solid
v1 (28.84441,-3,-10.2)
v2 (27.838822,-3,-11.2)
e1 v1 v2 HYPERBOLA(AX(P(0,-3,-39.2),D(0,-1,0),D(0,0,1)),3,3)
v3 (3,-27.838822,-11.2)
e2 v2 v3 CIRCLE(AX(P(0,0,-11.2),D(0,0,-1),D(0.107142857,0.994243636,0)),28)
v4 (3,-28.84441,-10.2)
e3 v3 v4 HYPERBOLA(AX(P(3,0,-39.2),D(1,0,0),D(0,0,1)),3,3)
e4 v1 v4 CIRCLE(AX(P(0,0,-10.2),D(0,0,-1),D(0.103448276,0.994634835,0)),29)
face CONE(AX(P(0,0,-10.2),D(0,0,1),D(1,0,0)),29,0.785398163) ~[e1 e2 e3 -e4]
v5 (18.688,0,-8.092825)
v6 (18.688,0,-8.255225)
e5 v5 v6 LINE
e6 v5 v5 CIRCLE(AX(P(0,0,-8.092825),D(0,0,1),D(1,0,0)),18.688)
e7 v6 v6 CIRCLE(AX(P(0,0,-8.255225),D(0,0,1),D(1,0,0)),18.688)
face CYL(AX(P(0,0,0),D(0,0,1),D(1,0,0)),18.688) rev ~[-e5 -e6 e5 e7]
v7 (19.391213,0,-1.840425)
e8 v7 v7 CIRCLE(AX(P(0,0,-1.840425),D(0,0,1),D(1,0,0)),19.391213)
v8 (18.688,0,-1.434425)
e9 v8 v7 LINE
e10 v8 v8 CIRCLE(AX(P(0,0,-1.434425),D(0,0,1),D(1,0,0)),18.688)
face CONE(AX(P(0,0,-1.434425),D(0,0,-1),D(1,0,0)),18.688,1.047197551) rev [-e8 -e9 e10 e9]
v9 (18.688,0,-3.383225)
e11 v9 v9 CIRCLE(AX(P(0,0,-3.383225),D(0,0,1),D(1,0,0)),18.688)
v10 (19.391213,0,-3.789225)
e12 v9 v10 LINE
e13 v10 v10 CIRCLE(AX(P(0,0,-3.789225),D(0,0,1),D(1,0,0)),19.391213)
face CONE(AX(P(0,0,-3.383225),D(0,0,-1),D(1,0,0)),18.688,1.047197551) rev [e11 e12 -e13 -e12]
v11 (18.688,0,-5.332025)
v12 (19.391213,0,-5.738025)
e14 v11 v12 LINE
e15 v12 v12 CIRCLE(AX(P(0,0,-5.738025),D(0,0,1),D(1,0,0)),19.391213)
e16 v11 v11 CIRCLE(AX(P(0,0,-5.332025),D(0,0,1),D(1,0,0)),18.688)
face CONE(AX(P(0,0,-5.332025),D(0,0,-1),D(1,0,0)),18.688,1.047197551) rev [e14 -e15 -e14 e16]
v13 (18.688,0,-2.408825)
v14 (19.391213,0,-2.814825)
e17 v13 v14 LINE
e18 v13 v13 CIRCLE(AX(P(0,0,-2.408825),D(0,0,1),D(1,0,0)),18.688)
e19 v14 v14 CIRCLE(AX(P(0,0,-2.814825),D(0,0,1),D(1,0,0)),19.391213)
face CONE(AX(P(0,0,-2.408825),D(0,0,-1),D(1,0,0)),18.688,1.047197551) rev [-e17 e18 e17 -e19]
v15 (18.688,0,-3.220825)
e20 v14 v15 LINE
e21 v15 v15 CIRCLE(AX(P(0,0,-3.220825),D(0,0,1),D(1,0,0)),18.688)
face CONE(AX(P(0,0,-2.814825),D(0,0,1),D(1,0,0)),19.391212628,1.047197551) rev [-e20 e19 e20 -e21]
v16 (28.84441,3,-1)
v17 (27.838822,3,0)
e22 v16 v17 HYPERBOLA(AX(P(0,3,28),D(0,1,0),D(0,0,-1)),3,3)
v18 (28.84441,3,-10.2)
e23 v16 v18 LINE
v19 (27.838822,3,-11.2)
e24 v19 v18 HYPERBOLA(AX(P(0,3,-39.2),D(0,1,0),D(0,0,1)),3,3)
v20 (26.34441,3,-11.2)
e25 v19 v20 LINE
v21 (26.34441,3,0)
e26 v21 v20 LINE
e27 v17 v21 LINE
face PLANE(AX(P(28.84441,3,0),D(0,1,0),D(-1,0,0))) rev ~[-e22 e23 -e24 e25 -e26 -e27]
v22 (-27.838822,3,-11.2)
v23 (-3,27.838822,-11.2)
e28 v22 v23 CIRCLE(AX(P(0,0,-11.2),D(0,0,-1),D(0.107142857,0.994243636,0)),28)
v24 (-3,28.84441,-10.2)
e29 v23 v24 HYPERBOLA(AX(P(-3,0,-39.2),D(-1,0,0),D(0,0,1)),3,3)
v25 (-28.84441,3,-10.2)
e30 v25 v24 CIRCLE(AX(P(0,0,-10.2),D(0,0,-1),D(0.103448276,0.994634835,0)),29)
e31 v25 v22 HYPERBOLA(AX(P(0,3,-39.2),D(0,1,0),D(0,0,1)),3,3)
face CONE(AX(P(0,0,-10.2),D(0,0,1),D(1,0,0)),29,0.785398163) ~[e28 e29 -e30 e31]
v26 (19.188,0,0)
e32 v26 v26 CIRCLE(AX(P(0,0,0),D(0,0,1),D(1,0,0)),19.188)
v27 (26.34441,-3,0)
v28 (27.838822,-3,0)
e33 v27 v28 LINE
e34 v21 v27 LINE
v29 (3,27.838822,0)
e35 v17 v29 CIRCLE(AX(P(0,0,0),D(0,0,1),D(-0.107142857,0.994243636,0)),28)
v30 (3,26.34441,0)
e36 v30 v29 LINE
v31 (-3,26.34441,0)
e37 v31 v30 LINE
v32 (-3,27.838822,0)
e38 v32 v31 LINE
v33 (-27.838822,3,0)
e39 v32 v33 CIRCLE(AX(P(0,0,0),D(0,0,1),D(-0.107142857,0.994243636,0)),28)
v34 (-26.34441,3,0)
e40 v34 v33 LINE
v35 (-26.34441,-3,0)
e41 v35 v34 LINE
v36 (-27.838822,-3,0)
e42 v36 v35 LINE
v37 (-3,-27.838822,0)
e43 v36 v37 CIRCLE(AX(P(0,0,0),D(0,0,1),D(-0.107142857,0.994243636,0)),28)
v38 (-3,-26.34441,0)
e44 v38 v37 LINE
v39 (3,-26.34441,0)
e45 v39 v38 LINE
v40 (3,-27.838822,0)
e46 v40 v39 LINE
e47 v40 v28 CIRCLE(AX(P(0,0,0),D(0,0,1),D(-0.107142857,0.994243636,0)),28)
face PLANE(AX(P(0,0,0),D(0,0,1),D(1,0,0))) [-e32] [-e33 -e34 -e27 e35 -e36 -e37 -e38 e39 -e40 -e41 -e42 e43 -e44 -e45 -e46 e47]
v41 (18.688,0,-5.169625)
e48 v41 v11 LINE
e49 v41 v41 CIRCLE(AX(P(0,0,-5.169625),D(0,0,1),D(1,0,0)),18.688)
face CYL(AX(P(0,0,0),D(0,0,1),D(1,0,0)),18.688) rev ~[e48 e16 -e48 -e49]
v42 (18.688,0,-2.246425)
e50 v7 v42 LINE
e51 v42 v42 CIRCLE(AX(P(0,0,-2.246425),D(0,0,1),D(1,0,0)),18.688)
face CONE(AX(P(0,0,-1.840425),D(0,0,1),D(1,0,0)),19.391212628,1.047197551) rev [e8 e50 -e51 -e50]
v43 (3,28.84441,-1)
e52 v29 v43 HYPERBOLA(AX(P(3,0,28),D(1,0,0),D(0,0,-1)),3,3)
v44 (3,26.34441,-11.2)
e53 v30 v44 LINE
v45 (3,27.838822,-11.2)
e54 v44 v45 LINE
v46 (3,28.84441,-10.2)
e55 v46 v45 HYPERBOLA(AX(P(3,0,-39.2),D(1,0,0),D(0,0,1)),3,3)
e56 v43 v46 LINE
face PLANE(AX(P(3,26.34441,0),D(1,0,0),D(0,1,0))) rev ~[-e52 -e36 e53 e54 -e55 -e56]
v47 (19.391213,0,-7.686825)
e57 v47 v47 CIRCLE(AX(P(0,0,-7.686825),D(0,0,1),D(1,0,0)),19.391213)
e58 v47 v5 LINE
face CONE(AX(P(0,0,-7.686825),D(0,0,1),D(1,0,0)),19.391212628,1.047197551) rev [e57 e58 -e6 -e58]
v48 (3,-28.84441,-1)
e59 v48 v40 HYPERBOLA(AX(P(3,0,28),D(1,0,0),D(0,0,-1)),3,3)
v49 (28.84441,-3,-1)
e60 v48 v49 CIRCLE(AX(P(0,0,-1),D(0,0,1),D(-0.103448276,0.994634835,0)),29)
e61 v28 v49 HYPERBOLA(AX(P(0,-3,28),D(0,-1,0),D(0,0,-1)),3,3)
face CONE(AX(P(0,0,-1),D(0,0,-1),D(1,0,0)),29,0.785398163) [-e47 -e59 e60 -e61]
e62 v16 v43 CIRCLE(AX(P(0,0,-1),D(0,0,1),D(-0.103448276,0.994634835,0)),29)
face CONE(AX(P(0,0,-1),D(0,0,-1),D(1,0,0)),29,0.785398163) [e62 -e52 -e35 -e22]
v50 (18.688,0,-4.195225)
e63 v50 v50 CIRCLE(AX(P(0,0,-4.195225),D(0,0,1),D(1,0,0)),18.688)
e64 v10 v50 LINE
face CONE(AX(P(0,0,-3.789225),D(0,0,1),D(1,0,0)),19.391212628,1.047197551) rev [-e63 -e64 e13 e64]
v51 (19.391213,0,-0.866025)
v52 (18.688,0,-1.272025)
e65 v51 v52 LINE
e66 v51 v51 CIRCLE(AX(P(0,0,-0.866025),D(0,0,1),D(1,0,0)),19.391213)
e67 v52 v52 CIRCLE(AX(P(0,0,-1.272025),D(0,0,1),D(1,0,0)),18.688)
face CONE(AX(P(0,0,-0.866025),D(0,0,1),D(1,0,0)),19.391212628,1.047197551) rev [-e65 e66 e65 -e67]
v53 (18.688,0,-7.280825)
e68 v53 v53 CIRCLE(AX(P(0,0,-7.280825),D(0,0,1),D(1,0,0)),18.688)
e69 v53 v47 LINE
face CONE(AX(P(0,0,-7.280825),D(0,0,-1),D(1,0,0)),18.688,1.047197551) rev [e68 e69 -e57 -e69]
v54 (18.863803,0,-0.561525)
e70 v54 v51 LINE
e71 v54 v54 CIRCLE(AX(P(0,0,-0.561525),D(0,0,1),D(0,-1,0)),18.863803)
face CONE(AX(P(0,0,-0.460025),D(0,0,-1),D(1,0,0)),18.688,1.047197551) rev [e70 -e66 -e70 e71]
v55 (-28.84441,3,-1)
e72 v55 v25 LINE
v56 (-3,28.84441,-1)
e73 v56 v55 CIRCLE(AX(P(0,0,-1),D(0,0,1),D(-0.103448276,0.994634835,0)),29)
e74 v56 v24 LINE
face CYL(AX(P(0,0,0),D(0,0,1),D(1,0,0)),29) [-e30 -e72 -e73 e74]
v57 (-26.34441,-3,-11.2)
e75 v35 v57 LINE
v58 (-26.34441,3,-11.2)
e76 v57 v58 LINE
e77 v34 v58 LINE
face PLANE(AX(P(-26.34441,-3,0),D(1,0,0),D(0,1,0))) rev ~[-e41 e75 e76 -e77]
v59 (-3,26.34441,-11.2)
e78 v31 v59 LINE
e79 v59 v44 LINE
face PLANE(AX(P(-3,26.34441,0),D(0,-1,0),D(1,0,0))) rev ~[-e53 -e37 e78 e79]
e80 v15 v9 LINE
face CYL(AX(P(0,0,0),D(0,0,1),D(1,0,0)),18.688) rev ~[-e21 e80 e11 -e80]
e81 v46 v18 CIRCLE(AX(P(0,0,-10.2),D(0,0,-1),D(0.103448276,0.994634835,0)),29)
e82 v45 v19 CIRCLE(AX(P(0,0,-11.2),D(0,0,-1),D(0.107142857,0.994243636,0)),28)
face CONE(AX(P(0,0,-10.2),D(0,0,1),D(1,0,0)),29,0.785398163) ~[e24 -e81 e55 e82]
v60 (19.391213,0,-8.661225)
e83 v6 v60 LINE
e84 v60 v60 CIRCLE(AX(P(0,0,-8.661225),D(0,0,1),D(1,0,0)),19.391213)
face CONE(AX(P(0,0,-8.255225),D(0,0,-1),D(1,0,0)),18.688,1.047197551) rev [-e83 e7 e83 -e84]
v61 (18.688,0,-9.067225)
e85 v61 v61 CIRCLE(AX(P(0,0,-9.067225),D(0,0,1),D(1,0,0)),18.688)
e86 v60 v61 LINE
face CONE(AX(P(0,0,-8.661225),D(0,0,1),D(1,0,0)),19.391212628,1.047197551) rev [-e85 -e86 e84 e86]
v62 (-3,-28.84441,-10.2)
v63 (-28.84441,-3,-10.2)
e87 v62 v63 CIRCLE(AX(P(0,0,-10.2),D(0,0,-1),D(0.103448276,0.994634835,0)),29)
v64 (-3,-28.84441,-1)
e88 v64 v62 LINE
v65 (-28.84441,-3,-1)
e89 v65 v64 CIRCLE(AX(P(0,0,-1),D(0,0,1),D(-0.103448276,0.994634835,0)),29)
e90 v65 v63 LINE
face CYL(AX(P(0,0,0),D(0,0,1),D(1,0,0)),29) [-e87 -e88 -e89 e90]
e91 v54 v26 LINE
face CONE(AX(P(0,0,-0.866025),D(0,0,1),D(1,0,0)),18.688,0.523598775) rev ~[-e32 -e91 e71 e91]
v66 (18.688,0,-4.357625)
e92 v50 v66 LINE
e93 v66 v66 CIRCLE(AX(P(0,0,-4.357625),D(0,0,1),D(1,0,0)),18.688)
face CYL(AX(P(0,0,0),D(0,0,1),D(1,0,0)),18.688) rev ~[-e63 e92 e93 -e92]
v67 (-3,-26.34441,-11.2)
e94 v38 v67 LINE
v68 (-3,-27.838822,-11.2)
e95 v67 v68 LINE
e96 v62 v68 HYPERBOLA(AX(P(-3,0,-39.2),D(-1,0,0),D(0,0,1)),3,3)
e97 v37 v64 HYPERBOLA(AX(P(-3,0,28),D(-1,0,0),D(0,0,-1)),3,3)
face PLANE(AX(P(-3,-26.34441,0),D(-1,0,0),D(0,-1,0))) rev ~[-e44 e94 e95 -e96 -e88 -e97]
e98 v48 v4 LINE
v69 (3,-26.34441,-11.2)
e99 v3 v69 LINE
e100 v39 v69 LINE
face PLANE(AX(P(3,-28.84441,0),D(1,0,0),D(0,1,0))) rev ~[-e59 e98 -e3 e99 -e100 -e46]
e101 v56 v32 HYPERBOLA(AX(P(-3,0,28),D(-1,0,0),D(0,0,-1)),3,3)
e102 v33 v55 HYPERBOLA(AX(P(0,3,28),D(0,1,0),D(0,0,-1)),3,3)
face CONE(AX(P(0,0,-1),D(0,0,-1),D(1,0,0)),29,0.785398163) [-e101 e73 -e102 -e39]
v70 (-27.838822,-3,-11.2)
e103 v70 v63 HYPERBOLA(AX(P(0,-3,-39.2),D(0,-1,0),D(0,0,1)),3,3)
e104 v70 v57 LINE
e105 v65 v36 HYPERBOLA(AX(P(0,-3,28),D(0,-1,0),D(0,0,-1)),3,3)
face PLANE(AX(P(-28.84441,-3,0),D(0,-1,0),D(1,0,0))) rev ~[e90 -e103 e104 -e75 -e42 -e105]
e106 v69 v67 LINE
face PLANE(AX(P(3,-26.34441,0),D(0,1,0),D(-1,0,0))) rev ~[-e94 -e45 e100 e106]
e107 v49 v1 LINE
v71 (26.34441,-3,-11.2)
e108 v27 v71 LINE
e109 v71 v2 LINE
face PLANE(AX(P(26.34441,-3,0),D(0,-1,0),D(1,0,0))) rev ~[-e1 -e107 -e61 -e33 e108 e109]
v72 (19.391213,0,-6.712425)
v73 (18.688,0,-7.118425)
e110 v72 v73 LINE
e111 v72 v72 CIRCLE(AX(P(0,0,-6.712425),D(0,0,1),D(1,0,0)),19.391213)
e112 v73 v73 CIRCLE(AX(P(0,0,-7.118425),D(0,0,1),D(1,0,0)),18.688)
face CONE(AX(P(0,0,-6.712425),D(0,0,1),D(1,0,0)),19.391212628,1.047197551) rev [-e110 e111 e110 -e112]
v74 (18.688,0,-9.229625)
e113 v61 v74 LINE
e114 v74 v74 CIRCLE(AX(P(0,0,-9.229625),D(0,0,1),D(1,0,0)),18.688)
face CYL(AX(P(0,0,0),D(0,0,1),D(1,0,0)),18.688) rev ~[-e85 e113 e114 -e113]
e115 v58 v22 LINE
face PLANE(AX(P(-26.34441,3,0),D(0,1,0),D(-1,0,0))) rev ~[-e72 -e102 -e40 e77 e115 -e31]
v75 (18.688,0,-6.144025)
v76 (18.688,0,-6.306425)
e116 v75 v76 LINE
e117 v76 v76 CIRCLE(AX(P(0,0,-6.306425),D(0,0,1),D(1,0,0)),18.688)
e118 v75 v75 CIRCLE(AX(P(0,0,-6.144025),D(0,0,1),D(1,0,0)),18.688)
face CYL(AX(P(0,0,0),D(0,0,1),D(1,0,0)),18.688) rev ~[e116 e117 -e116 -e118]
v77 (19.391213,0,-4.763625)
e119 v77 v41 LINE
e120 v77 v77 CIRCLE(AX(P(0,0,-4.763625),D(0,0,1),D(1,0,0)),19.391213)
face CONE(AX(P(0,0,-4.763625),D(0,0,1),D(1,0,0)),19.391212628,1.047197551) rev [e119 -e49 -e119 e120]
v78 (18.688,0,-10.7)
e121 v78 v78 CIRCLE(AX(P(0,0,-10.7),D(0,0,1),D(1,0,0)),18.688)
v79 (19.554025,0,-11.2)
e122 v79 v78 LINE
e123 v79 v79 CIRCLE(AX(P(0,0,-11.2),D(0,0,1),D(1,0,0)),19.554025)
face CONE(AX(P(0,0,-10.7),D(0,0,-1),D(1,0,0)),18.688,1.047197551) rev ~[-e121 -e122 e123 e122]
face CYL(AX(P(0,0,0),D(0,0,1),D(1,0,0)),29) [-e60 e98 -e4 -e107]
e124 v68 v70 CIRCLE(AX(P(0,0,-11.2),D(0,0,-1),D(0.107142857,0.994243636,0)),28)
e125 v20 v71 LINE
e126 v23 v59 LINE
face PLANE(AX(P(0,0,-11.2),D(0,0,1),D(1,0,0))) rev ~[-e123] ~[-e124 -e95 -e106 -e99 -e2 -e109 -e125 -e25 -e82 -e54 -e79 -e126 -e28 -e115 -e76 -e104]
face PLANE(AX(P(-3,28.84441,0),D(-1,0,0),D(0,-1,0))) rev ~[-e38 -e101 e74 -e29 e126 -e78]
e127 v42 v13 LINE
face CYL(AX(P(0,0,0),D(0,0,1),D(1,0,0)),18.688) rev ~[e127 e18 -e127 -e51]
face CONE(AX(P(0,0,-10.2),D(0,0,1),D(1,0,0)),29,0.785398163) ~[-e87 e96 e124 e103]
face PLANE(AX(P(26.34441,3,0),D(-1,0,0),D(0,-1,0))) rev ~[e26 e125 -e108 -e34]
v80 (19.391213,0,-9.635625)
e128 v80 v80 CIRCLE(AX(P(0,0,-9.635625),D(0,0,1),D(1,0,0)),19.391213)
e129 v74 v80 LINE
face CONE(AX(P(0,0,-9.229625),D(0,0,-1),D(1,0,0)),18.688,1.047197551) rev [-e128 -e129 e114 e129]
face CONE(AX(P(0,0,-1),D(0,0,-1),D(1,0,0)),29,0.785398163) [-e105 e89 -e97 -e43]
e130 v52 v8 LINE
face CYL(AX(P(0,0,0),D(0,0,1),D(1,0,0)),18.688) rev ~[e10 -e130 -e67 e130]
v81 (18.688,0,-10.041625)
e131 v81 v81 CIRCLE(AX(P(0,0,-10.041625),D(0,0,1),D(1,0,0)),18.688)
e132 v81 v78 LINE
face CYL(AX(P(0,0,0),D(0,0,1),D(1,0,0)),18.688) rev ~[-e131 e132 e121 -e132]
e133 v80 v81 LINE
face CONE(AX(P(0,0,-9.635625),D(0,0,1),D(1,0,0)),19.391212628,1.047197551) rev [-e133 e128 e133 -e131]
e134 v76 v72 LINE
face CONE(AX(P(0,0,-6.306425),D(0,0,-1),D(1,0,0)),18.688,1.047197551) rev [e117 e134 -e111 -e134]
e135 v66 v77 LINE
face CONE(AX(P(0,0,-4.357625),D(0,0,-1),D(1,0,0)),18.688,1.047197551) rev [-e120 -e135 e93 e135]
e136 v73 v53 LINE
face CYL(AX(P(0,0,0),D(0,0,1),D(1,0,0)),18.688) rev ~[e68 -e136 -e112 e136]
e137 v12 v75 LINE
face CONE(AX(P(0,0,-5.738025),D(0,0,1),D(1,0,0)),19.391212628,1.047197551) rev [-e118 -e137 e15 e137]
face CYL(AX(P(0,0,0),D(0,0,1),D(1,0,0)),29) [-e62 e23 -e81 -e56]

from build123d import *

# Parameters (mm, degrees)
SKETCH2_R               = 29
BASENUT_DEPTH           = 11.2
CHAMFER1_SIZE           = 1
SKETCH3_R               = 18.688
HOLE_DEPTH              = 12.2
ENDCHAMFER_SIZE2        = 0.5
ENDCHAMFER_SIZE         = 0.866025404
ENDCHAMFER_EDGE_2_SIZE2 = 0.5
ENDCHAMFER_EDGE_2_SIZE  = 0.866025404
SLOTCUT_DEPTH           = 12.2
SLOTPAT_COUNT           = 4
LPATTERN10_COUNT        = 10
LPATTERN10_PITCH        = 0.9744


with BuildPart() as part:
    # Sketch2 → BaseNut (new body)
    with BuildSketch(Plane.XY):
        Circle(SKETCH2_R)
    extrude(amount=-BASENUT_DEPTH)

    # Chamfer1
    chamfer1_edges = [part.edges().sort_by_distance(p)[0] for p in [
        (-29, 0, 0),
        (-29, 0, -11.2),
    ]]
    chamfer(chamfer1_edges, length=CHAMFER1_SIZE)

    # Sketch3 → Hole (cut, through all)
    with BuildSketch(Plane(origin=(-17.561722019, 31.682666601, 0), x_dir=(1, 0, 0), z_dir=(0, 0, 1))):
        with Locations((17.561722019, -31.682666601)):
            Circle(SKETCH3_R)
    extrude(amount=-HOLE_DEPTH, mode=Mode.SUBTRACT)

    # EndChamfer
    endchamfer_edges = [part.edges().sort_by_distance(p)[0] for p in [
        (-18.688, 0, -11.2),
    ]]
    chamfer(endchamfer_edges, length=ENDCHAMFER_SIZE, length2=ENDCHAMFER_SIZE2)

    # EndChamfer edge 2
    endchamfer_edge_2_edges = [part.edges().sort_by_distance(p)[0] for p in [
        (-18.688, 0, 0),
    ]]
    chamfer(endchamfer_edge_2_edges, length=ENDCHAMFER_EDGE_2_SIZE, length2=ENDCHAMFER_EDGE_2_SIZE2)

    # Sketch4 → SlotCut (cut, through all)
    with BuildSketch(Plane(origin=(-28.84840977, 49.266341409, 0), x_dir=(1, 0, 0), z_dir=(0, 0, 1))):
        with BuildLine():
            Line((25.84840977, -20.421931205), (25.84840977, -22.921931205))
            Line((25.84840977, -22.921931205), (31.84840977, -22.921931205))
            Line((31.84840977, -22.921931205), (31.84840977, -20.421931205))
            ThreePointArc((31.84840977, -20.421931205), (28.84840977, -20.266341409), (25.84840977, -20.421931205))
        make_face()
    slotcut = extrude(amount=-SLOTCUT_DEPTH, mode=Mode.SUBTRACT)

    # SlotPat: SlotCut ×4 about axis
    slotpat_axis = Axis((0, 0, 0), (0, 0, 1))
    for i in range(1, SLOTPAT_COUNT):
        add(slotcut.rotate(slotpat_axis, i * 360 / SLOTPAT_COUNT), mode=Mode.SUBTRACT)

    # Sketch5 → Cut-Revolve10 (revolve, cut)
    with BuildSketch(Plane(origin=(0, 0, 0), x_dir=(1, 0, 0), z_dir=(0, 1, 0))):
        Polygon((17.876, 1.272025404), (17.876, 0.460025404), (18.688, 0.460025404), (19.391212628, 0.866025404), (18.688, 1.272025404), align=None)
    cut_revolve10 = revolve(axis=Axis((0, 0, -37.301805437), (0, 0, 1)), mode=Mode.SUBTRACT)

    # LPattern10: Cut-Revolve10 ×10
    with Locations(*[(0, 0, -i * LPATTERN10_PITCH) for i in range(1, LPATTERN10_COUNT)]):
        add(cut_revolve10, mode=Mode.SUBTRACT)


solid = part.part
